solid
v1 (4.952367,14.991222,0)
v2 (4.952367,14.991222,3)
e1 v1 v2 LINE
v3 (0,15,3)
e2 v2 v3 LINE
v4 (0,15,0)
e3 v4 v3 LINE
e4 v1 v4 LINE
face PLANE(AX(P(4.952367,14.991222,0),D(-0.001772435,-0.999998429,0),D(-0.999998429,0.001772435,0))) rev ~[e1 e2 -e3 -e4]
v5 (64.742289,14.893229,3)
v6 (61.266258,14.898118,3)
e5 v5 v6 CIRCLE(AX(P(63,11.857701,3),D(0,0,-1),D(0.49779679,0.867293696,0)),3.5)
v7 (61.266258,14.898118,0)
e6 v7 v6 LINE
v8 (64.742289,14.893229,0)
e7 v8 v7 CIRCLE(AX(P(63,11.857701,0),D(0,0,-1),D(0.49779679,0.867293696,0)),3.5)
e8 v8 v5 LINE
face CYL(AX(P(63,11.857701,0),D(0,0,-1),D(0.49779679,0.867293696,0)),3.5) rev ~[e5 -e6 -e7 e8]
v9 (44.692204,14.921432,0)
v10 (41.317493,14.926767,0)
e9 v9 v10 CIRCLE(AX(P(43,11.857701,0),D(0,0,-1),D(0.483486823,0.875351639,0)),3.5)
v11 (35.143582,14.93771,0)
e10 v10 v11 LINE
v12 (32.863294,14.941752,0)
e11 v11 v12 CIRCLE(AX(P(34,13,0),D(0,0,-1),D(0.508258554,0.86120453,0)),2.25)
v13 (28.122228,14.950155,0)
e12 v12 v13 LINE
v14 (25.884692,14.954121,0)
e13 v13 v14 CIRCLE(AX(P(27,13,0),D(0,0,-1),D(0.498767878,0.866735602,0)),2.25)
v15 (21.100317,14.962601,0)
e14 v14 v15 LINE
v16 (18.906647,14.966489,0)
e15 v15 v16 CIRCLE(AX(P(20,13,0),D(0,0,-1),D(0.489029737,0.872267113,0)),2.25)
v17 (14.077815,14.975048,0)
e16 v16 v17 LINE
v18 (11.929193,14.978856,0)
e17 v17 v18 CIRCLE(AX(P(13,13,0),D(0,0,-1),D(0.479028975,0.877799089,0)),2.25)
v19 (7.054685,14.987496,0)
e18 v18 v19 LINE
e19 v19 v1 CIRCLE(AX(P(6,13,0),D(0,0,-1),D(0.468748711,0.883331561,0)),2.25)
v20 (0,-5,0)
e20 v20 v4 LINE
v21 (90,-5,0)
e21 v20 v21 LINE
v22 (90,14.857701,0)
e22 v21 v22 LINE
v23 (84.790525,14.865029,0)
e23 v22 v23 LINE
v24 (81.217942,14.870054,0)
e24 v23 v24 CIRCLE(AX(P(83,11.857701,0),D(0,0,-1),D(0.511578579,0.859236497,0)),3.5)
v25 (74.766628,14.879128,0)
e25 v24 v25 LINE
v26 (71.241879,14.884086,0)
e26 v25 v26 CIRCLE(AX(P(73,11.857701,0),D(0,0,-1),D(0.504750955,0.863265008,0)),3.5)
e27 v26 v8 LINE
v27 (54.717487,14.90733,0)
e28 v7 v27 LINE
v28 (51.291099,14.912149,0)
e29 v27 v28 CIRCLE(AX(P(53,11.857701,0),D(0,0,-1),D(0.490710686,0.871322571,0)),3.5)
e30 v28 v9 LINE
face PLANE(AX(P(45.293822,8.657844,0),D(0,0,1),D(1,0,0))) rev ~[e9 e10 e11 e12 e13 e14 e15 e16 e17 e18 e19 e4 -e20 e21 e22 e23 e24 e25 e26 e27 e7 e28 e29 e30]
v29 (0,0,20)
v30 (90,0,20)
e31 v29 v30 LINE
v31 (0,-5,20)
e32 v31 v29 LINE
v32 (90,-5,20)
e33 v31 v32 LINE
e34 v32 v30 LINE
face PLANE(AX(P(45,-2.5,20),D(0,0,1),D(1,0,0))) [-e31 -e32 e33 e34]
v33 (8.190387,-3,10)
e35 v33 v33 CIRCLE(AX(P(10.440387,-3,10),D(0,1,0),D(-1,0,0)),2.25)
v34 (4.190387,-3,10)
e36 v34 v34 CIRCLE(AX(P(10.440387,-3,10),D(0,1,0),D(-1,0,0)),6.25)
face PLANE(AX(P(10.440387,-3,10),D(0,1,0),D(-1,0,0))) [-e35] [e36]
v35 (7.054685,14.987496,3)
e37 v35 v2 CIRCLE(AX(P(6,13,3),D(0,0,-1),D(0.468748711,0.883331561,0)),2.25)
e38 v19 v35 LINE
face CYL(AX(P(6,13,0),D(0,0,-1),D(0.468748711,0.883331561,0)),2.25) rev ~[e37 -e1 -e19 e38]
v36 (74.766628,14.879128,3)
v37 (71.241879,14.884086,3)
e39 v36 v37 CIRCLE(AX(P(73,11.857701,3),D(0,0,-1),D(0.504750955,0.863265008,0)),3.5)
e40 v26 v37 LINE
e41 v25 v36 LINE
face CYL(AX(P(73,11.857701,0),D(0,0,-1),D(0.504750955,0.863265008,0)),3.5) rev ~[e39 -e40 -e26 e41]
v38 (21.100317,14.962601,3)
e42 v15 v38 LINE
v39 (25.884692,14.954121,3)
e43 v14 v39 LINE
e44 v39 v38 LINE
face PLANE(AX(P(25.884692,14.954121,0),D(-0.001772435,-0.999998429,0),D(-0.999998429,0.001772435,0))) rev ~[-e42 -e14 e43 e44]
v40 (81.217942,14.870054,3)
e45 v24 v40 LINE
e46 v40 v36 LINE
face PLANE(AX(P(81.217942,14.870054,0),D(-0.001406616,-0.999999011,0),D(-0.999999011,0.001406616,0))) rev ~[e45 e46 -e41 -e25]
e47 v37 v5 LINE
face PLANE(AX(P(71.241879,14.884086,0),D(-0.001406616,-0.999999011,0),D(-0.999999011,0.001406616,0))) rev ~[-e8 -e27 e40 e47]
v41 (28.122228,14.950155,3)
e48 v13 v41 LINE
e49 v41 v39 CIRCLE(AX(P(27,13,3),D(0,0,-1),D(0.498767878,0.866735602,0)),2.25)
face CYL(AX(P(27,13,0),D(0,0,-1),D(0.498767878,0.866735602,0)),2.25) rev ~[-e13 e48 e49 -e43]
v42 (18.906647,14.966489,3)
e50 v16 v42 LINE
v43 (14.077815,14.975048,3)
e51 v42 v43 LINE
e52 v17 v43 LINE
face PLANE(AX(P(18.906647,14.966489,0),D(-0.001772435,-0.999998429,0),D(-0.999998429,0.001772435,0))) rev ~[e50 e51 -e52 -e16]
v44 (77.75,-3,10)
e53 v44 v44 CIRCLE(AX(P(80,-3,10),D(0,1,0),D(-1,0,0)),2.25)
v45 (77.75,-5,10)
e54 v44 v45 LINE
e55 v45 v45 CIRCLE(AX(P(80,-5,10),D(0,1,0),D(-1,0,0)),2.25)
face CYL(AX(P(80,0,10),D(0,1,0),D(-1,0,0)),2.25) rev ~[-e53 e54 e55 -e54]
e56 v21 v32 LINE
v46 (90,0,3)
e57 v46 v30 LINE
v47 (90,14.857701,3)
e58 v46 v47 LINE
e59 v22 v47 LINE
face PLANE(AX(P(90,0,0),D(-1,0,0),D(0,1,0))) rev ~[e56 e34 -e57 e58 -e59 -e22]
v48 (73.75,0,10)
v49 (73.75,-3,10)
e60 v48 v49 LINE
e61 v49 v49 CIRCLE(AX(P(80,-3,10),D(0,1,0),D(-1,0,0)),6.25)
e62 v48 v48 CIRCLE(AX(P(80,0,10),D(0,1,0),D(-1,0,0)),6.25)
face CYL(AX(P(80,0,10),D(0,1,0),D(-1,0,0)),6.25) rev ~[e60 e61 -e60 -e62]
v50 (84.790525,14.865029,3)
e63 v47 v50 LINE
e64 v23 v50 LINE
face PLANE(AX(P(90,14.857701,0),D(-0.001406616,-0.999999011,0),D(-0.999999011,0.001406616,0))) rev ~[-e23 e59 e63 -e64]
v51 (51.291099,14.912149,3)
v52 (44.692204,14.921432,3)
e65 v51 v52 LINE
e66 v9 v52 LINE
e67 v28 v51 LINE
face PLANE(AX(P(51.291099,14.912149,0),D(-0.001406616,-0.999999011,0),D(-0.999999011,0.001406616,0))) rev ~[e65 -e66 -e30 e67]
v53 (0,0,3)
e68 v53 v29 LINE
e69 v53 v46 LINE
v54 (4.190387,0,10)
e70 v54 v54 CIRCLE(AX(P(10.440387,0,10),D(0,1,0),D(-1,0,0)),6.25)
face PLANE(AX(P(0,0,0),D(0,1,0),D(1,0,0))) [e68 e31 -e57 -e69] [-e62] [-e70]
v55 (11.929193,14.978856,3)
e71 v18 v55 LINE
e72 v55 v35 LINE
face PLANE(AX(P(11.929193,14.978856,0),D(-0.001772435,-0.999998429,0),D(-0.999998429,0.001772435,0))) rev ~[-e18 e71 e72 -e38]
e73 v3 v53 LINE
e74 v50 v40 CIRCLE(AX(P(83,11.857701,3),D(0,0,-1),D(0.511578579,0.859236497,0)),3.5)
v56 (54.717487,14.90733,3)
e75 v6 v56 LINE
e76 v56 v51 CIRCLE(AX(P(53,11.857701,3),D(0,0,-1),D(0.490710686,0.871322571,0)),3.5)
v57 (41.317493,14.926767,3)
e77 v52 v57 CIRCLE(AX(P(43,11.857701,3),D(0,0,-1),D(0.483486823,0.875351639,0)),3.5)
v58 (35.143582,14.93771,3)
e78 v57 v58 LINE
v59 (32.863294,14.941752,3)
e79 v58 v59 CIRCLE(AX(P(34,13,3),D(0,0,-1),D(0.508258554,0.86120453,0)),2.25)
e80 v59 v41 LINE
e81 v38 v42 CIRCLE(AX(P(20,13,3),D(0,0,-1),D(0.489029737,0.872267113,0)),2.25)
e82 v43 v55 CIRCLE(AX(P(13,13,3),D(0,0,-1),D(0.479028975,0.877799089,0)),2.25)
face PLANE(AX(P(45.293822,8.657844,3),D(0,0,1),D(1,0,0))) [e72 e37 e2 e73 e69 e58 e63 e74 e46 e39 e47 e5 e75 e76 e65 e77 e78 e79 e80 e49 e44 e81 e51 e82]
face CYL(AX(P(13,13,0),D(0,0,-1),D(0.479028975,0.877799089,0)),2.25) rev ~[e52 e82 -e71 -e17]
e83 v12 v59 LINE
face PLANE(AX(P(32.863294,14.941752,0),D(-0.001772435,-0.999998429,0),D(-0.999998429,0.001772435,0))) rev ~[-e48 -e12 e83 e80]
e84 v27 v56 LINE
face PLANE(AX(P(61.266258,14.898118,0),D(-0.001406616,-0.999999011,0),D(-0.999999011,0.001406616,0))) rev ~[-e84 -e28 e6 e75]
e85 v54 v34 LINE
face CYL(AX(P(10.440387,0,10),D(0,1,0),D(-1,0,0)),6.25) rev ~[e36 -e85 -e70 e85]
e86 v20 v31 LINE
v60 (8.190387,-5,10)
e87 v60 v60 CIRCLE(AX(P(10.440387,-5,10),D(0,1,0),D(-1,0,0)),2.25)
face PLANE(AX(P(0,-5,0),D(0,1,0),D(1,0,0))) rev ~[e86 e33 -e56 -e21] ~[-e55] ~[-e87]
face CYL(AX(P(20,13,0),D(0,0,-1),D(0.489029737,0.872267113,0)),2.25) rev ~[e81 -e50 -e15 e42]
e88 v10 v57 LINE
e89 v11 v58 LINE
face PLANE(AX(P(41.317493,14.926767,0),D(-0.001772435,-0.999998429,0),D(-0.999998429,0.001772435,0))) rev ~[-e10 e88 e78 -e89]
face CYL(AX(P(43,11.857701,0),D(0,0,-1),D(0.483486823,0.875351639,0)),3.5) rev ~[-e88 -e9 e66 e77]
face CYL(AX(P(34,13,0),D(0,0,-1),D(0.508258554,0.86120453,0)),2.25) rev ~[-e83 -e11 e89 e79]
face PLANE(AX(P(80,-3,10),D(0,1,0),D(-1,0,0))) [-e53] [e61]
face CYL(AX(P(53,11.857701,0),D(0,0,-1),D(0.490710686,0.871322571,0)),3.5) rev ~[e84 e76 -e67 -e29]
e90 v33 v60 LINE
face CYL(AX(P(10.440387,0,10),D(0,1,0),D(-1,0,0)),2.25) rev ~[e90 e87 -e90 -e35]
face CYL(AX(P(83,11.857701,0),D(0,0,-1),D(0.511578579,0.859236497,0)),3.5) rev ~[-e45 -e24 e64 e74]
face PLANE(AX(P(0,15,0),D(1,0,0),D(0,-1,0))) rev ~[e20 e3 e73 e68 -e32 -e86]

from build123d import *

# Parameters (mm, degrees)
F0_W     = 90
F0_H     = 5
F1_DEPTH = 20
F2_R     = 6.25
F2_R_2   = 2.25
F3_DEPTH = 3
F4_DEPTH = 25
F5_DEPTH = 3


with BuildPart() as f1:
    # F0 (on Top) → F1 (new body)
    with BuildSketch(Plane.XY):
        with Locations((45, -2.5)):
            Rectangle(F0_W, F0_H)
    extrude(amount=F1_DEPTH)

    # F2 (on face) → F3 (cut)
    with BuildSketch(Plane(origin=(0, 0, 0), x_dir=(-1, 0, 0), z_dir=(0, 1, 0))):
        with Locations((-10.4403868318, 10)):
            Circle(F2_R)
        with Locations((-10.4403868318, 10)):
            Circle(F2_R_2, mode=Mode.SUBTRACT)
        with Locations((-80, 10)):
            Circle(F2_R)
        with Locations((-80, 10)):
            Circle(F2_R_2, mode=Mode.SUBTRACT)
    extrude(amount=-F3_DEPTH, mode=Mode.SUBTRACT)

    # F4 (cut): faces of the model
    f4_faces = [f1.faces().sort_by_distance(p)[0] for p in [
        (80, 0, 10),
        (10.4403868318, 0, 10),
    ]]
    extrude(f4_faces, amount=-F4_DEPTH, mode=Mode.SUBTRACT)

    # F0 (on Top) → F5 (join)
    with BuildSketch(Plane.XY):
        with BuildLine():
            Line((0, 13), (0, 0))
            Line((0, 0), (90, 0))
            Line((90, 0), (90, 11.8577008211))
            Line((90, 11.8577008211), (90, 14.8577008211))
            Line((90, 14.8577008211), (84.7905250274, 14.8650285595))
            ThreePointArc((84.7905250274, 14.8650285595), (82.9950768438, 8.3577042836), (81.2179423605, 14.8700538166))
            Line((81.2179423605, 14.8700538166), (74.7666283432, 14.8791283475))
            ThreePointArc((74.7666283432, 14.8791283475), (72.9950768438, 8.3577042836), (71.2418786162, 14.8840863219))
            Line((71.2418786162, 14.8840863219), (64.7422887653, 14.8932287584))
            ThreePointArc((64.7422887653, 14.8932287584), (62.9950768438, 8.3577042836), (61.2662577654, 14.8981182043))
            Line((61.2662577654, 14.8981182043), (54.7174874018, 14.9073298189))
            ThreePointArc((54.7174874018, 14.9073298189), (52.9950768438, 8.3577042836), (51.2910987002, 14.9121494371))
            Line((51.2910987002, 14.9121494371), (44.6922038807, 14.9214315577))
            ThreePointArc((44.6922038807, 14.9214315577), (42.99446615, 8.3577051959), (41.3174926972, 14.9267673202))
            Line((41.3174926972, 14.9267673202), (35.1435817461, 14.9377101925))
            ThreePointArc((35.1435817461, 14.9377101925), (33.9960120215, 10.7500035342), (32.8632943585, 14.9417518597))
            Line((32.8632943585, 14.9417518597), (28.1222277254, 14.9501551047))
            ThreePointArc((28.1222277254, 14.9501551047), (26.9960120215, 10.7500035342), (25.8846923606, 14.9541209966))
            Line((25.8846923606, 14.9541209966), (21.1003169088, 14.9626010038))
            ThreePointArc((21.1003169088, 14.9626010038), (19.9960120215, 10.7500035342), (18.9066471585, 14.9664891467))
            Line((18.9066471585, 14.9664891467), (14.0778151948, 14.9750479503))
            ThreePointArc((14.0778151948, 14.9750479503), (12.9960120215, 10.7500035342), (11.9291928539, 14.9788562494))
            Line((11.9291928539, 14.9788562494), (7.0546845996, 14.9874960114))
            ThreePointArc((7.0546845996, 14.9874960114), (5.9960120215, 10.7500035342), (4.9523674304, 14.9912222375))
            Line((4.9523674304, 14.9912222375), (0, 15))
            Line((0, 15), (0, 13))
        make_face()
    extrude(amount=F5_DEPTH)


solid = f1.part
